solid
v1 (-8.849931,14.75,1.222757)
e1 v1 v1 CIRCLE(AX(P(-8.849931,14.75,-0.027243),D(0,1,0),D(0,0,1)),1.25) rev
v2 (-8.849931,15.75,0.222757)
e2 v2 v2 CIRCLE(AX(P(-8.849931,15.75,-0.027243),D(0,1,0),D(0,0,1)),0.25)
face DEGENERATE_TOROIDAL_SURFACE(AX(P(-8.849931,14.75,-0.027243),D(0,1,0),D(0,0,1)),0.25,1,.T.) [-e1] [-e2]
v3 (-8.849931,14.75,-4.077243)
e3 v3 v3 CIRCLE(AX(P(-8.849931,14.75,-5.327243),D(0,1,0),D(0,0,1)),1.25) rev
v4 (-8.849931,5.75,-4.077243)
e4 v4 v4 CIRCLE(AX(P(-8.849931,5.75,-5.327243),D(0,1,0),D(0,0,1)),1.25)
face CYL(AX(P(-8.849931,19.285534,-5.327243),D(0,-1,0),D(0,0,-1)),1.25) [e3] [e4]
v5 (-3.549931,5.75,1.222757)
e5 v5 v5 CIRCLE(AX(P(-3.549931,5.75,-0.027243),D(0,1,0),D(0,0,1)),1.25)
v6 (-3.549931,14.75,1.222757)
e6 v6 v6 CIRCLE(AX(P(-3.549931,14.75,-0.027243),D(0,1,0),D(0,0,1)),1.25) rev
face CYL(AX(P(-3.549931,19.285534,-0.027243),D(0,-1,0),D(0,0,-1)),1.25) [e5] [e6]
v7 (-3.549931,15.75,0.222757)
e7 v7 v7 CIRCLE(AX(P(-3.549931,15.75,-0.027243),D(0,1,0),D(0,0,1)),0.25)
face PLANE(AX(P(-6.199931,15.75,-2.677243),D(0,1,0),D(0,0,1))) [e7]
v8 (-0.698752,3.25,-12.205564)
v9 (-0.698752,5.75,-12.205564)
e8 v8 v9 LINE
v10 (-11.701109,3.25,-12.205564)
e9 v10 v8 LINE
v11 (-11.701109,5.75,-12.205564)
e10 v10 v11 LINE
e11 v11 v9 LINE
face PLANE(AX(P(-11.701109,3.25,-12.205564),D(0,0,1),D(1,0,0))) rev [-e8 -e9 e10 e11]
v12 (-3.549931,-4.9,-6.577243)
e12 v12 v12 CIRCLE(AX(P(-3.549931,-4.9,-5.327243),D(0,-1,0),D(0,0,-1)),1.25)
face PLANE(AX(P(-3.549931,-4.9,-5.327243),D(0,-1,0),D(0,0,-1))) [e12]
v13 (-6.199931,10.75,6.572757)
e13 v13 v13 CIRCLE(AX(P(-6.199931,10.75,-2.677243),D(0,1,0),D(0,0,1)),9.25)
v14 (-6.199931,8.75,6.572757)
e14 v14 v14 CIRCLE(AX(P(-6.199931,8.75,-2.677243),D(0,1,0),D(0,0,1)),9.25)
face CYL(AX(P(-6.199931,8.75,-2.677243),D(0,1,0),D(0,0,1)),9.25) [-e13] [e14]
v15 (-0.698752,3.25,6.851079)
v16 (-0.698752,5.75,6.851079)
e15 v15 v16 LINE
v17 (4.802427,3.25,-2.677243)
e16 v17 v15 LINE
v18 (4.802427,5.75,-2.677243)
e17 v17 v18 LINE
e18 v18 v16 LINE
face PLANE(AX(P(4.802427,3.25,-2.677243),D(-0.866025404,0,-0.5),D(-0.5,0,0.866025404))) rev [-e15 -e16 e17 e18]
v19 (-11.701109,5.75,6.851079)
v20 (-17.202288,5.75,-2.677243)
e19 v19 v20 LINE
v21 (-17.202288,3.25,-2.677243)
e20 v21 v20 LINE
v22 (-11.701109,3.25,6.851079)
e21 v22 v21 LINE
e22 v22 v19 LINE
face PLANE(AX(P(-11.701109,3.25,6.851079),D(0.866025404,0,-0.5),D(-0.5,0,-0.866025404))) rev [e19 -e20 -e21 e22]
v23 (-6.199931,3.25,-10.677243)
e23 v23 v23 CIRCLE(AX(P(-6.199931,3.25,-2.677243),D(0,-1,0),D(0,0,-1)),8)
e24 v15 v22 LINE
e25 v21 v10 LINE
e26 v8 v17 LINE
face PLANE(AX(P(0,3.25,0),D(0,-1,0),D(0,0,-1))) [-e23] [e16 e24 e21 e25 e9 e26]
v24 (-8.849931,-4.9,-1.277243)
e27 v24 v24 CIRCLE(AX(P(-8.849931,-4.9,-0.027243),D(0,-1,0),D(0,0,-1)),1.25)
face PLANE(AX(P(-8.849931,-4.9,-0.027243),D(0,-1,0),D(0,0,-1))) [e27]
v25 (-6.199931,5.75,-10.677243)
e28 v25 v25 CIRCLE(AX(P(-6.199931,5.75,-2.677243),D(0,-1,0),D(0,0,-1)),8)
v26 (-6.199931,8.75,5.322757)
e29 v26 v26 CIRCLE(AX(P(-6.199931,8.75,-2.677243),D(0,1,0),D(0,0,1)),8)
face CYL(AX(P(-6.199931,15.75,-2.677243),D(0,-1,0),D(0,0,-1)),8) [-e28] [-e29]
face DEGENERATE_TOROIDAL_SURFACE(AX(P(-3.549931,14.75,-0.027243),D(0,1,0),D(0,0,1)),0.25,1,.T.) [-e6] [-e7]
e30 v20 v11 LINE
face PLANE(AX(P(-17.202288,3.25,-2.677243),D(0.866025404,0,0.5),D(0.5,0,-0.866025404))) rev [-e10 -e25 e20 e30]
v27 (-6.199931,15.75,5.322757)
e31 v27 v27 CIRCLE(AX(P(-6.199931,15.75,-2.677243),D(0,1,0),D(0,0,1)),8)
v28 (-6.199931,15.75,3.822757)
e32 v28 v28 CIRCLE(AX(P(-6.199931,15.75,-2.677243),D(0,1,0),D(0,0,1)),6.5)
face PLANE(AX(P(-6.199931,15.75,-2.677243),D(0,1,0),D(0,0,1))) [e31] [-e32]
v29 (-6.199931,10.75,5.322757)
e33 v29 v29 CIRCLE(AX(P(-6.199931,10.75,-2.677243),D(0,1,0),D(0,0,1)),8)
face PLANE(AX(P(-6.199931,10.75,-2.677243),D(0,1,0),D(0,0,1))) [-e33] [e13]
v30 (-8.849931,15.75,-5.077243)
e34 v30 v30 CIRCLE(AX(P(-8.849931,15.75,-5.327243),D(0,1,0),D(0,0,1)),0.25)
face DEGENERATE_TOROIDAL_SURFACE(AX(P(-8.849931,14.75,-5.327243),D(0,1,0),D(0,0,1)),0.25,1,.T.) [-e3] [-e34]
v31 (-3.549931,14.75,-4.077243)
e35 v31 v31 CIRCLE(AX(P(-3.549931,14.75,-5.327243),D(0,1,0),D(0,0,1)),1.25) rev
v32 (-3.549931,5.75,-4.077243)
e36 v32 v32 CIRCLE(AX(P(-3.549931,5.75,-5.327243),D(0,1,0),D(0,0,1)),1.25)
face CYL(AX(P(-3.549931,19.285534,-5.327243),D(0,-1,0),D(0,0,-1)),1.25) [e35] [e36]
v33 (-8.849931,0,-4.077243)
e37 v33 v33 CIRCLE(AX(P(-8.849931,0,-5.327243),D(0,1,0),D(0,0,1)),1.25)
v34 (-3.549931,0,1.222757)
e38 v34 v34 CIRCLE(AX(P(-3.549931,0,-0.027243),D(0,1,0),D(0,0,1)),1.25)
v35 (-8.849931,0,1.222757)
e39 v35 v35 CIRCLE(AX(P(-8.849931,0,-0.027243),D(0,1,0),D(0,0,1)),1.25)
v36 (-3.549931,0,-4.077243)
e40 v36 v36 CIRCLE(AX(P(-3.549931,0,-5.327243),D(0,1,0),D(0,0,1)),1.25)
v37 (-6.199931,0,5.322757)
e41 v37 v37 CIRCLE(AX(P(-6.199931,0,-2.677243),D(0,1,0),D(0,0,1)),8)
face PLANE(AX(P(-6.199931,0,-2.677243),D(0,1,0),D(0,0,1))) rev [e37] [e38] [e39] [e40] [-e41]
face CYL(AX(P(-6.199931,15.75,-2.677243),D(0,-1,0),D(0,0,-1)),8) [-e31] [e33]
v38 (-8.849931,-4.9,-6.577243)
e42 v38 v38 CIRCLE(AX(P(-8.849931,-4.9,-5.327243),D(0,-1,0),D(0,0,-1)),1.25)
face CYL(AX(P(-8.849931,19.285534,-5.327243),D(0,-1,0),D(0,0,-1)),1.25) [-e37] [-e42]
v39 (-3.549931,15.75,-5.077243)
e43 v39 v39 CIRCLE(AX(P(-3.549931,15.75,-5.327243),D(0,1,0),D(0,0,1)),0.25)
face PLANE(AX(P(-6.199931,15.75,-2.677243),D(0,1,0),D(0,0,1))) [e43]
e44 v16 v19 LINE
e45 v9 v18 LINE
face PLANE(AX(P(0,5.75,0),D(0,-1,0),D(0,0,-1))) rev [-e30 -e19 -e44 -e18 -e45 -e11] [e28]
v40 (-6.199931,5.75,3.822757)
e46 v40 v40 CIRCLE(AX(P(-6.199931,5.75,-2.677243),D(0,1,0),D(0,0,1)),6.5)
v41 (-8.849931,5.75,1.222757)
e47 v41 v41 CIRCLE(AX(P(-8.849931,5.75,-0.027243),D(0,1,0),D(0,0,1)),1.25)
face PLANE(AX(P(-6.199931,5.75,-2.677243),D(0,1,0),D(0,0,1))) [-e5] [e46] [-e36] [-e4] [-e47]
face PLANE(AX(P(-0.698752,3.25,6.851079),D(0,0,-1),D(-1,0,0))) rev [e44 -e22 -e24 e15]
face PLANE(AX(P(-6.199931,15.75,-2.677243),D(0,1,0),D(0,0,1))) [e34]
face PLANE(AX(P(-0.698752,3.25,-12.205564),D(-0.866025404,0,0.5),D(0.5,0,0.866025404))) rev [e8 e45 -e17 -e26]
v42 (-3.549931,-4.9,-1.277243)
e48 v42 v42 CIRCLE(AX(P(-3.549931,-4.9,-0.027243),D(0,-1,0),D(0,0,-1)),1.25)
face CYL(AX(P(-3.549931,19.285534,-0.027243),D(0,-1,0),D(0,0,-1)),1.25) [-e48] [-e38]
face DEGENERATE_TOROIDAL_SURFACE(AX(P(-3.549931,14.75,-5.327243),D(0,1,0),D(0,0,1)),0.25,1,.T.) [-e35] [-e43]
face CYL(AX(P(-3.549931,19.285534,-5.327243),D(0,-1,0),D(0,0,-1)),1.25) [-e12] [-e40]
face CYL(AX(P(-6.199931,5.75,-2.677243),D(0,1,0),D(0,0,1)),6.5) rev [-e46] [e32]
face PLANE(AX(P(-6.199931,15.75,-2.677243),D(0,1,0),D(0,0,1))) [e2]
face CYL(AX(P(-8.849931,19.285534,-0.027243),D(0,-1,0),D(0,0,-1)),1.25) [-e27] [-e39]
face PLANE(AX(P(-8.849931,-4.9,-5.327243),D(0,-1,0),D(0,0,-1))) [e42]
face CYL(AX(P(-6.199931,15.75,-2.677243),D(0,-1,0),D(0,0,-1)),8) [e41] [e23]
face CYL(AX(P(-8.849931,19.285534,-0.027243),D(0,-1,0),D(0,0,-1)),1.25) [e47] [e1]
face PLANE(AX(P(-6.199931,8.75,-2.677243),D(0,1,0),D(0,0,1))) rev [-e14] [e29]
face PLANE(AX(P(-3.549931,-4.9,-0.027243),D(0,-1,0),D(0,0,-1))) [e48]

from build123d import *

# Parameters (mm, degrees)
SZKIC1_R                                = 8
DODANIE_WYCI_GNI_CIE1_DEPTH             = 15.75
SZKIC2_R                                = 6.5
WYTNIJ_WYCI_GNI_CIE1_DEPTH              = 10
DODANIE_WYCI_GNI_CIE2_START             = -2
SZKIC4_R                                = 9.25
SZKIC4_R_2                              = 8
DODANIE_WYCI_GNI_CIE2_DEPTH             = 2
SZKIC5_R                                = 1.25
DODANIE_WYCI_GNI_CIE3_DEPTH             = 4.9
DODANIE_WYCI_GNI_CIE3_DIRECTION_2_REACH = 27.08
ZAOKR_GLENIE1_R                         = 1
DODANIE_WYCI_GNI_CIE4_START             = 2.5
SZKIC6_R                                = 8
DODANIE_WYCI_GNI_CIE4_DEPTH             = 2.5


with BuildPart() as part:
    # Szkic1 → Dodanie-wyciągnięcie1 (new body)
    with BuildSketch(Plane(origin=(0, 0, 0), x_dir=(1, 0, 0), z_dir=(0, 1, 0))):
        with Locations(Location((-6.199930539, 2.677242733, 0), (0, 0, 270))):
            Circle(SZKIC1_R)
    extrude(amount=DODANIE_WYCI_GNI_CIE1_DEPTH)

    # Szkic2 → Wytnij-wyciągnięcie1 (cut)
    with BuildSketch(Plane(origin=(0, 15.75, 0), x_dir=(1, 0, 0), z_dir=(0, 1, 0))):
        with Locations(Location((-6.199930539, 2.677242733, 0), (0, 0, 270))):
            Circle(SZKIC2_R)
    extrude(amount=-WYTNIJ_WYCI_GNI_CIE1_DEPTH, mode=Mode.SUBTRACT)

    # Szkic4 → Dodanie-wyciągnięcie2 (add)
    with BuildSketch(Plane(origin=(0, 10.75, 0), x_dir=(1, 0, 0), z_dir=(0, 1, 0)).offset(DODANIE_WYCI_GNI_CIE2_START)):
        with Locations(Location((-6.199930539, 2.677242733, 0), (0, 0, 270))):
            Circle(SZKIC4_R)
        with Locations(Location((-6.199930539, 2.677242733, 0), (0, 0, 270))):
            Circle(SZKIC4_R_2, mode=Mode.SUBTRACT)
    extrude(amount=DODANIE_WYCI_GNI_CIE2_DEPTH)

    # Szkic5 → Dodanie-wyciągnięcie3 (add)
    with BuildSketch(Plane.XZ):
        with Locations(Location((-8.849930539, -0.027242733, 0), (0, 0, 270))):
            Circle(SZKIC5_R)
        with Locations(Location((-3.549930539, -0.027242733, 0), (0, 0, 270))):
            Circle(SZKIC5_R)
        with Locations(Location((-3.549930539, -5.327242733, 0), (0, 0, 270))):
            Circle(SZKIC5_R)
        with Locations(Location((-8.849930539, -5.327242733, 0), (0, 0, 270))):
            Circle(SZKIC5_R)
    extrude(amount=DODANIE_WYCI_GNI_CIE3_DEPTH)

    # Dodanie-wyciągnięcie3 direction 2: up to this face of the body (flat: up to its plane)
    dodanie_wyci_gni_cie3_direction_2_end = Plane(part.part.faces().sort_by_distance((-6.199930539, 15.75, -10.450968563))[0])
    # Szkic5 → Dodanie-wyciągnięcie3 direction 2 (add, up to the picked face)
    with BuildSketch(Plane.XZ, mode=Mode.PRIVATE) as dodanie_wyci_gni_cie3_direction_2_sk1:
        with Locations(Location((-8.849930539, -0.027242733, 0), (0, 0, 270))):
            Circle(SZKIC5_R)
    dodanie_wyci_gni_cie3_direction_2_tool1 = split(extrude(dodanie_wyci_gni_cie3_direction_2_sk1.sketch, amount=-DODANIE_WYCI_GNI_CIE3_DIRECTION_2_REACH, mode=Mode.PRIVATE), bisect_by=dodanie_wyci_gni_cie3_direction_2_end, keep=Keep.BOTH, mode=Mode.PRIVATE)
    # Szkic5 → Dodanie-wyciągnięcie3 direction 2 (add, up to the picked face)
    with BuildSketch(Plane.XZ, mode=Mode.PRIVATE) as dodanie_wyci_gni_cie3_direction_2_sk2:
        with Locations(Location((-3.549930539, -0.027242733, 0), (0, 0, 270))):
            Circle(SZKIC5_R)
    dodanie_wyci_gni_cie3_direction_2_tool2 = split(extrude(dodanie_wyci_gni_cie3_direction_2_sk2.sketch, amount=-DODANIE_WYCI_GNI_CIE3_DIRECTION_2_REACH, mode=Mode.PRIVATE), bisect_by=dodanie_wyci_gni_cie3_direction_2_end, keep=Keep.BOTH, mode=Mode.PRIVATE)
    # Szkic5 → Dodanie-wyciągnięcie3 direction 2 (add, up to the picked face)
    with BuildSketch(Plane.XZ, mode=Mode.PRIVATE) as dodanie_wyci_gni_cie3_direction_2_sk3:
        with Locations(Location((-3.549930539, -5.327242733, 0), (0, 0, 270))):
            Circle(SZKIC5_R)
    dodanie_wyci_gni_cie3_direction_2_tool3 = split(extrude(dodanie_wyci_gni_cie3_direction_2_sk3.sketch, amount=-DODANIE_WYCI_GNI_CIE3_DIRECTION_2_REACH, mode=Mode.PRIVATE), bisect_by=dodanie_wyci_gni_cie3_direction_2_end, keep=Keep.BOTH, mode=Mode.PRIVATE)
    # Szkic5 → Dodanie-wyciągnięcie3 direction 2 (add, up to the picked face)
    with BuildSketch(Plane.XZ, mode=Mode.PRIVATE) as dodanie_wyci_gni_cie3_direction_2_sk4:
        with Locations(Location((-8.849930539, -5.327242733, 0), (0, 0, 270))):
            Circle(SZKIC5_R)
    dodanie_wyci_gni_cie3_direction_2_tool4 = split(extrude(dodanie_wyci_gni_cie3_direction_2_sk4.sketch, amount=-DODANIE_WYCI_GNI_CIE3_DIRECTION_2_REACH, mode=Mode.PRIVATE), bisect_by=dodanie_wyci_gni_cie3_direction_2_end, keep=Keep.BOTH, mode=Mode.PRIVATE)
    add(dodanie_wyci_gni_cie3_direction_2_tool1.solids().sort_by(Axis((-8.849931, 0, -0.027243), (0, 1, 0)))[0])
    add(dodanie_wyci_gni_cie3_direction_2_tool2.solids().sort_by(Axis((-3.549931, 0, -0.027243), (0, 1, 0)))[0])
    add(dodanie_wyci_gni_cie3_direction_2_tool3.solids().sort_by(Axis((-3.549931, 0, -5.327243), (0, 1, 0)))[0])
    add(dodanie_wyci_gni_cie3_direction_2_tool4.solids().sort_by(Axis((-8.849931, 0, -5.327243), (0, 1, 0)))[0])

    # Zaokrąglenie1
    zaokr_glenie1_edges = [part.edges().sort_by_distance(p)[0] for p in [
        (-8.849930539, 15.75, 1.222757267),
        (-3.549930539, 15.75, 1.222757267),
        (-3.549930539, 15.75, -4.077242733),
        (-8.849930539, 15.75, -4.077242733),
    ]]
    fillet(zaokr_glenie1_edges, radius=ZAOKR_GLENIE1_R)

    # Szkic6 → Dodanie-wyciągnięcie4 (add)
    with BuildSketch(Plane(origin=(0, 5.75, 0), x_dir=(-1, 0, 0), z_dir=(0, -1, 0)).offset(DODANIE_WYCI_GNI_CIE4_START)):
        Polygon((17.202288313, 2.677242733), (11.701109426, 12.205564067), (0.698751652, 12.205564067), (-4.802427235, 2.677242733), (0.698751652, -6.851078601), (11.701109426, -6.851078601), align=None)
        with Locations(Location((6.199930539, 2.677242733, 0), (0, 0, 90))):
            Circle(SZKIC6_R, mode=Mode.SUBTRACT)
    extrude(amount=-DODANIE_WYCI_GNI_CIE4_DEPTH)


solid = part.part
